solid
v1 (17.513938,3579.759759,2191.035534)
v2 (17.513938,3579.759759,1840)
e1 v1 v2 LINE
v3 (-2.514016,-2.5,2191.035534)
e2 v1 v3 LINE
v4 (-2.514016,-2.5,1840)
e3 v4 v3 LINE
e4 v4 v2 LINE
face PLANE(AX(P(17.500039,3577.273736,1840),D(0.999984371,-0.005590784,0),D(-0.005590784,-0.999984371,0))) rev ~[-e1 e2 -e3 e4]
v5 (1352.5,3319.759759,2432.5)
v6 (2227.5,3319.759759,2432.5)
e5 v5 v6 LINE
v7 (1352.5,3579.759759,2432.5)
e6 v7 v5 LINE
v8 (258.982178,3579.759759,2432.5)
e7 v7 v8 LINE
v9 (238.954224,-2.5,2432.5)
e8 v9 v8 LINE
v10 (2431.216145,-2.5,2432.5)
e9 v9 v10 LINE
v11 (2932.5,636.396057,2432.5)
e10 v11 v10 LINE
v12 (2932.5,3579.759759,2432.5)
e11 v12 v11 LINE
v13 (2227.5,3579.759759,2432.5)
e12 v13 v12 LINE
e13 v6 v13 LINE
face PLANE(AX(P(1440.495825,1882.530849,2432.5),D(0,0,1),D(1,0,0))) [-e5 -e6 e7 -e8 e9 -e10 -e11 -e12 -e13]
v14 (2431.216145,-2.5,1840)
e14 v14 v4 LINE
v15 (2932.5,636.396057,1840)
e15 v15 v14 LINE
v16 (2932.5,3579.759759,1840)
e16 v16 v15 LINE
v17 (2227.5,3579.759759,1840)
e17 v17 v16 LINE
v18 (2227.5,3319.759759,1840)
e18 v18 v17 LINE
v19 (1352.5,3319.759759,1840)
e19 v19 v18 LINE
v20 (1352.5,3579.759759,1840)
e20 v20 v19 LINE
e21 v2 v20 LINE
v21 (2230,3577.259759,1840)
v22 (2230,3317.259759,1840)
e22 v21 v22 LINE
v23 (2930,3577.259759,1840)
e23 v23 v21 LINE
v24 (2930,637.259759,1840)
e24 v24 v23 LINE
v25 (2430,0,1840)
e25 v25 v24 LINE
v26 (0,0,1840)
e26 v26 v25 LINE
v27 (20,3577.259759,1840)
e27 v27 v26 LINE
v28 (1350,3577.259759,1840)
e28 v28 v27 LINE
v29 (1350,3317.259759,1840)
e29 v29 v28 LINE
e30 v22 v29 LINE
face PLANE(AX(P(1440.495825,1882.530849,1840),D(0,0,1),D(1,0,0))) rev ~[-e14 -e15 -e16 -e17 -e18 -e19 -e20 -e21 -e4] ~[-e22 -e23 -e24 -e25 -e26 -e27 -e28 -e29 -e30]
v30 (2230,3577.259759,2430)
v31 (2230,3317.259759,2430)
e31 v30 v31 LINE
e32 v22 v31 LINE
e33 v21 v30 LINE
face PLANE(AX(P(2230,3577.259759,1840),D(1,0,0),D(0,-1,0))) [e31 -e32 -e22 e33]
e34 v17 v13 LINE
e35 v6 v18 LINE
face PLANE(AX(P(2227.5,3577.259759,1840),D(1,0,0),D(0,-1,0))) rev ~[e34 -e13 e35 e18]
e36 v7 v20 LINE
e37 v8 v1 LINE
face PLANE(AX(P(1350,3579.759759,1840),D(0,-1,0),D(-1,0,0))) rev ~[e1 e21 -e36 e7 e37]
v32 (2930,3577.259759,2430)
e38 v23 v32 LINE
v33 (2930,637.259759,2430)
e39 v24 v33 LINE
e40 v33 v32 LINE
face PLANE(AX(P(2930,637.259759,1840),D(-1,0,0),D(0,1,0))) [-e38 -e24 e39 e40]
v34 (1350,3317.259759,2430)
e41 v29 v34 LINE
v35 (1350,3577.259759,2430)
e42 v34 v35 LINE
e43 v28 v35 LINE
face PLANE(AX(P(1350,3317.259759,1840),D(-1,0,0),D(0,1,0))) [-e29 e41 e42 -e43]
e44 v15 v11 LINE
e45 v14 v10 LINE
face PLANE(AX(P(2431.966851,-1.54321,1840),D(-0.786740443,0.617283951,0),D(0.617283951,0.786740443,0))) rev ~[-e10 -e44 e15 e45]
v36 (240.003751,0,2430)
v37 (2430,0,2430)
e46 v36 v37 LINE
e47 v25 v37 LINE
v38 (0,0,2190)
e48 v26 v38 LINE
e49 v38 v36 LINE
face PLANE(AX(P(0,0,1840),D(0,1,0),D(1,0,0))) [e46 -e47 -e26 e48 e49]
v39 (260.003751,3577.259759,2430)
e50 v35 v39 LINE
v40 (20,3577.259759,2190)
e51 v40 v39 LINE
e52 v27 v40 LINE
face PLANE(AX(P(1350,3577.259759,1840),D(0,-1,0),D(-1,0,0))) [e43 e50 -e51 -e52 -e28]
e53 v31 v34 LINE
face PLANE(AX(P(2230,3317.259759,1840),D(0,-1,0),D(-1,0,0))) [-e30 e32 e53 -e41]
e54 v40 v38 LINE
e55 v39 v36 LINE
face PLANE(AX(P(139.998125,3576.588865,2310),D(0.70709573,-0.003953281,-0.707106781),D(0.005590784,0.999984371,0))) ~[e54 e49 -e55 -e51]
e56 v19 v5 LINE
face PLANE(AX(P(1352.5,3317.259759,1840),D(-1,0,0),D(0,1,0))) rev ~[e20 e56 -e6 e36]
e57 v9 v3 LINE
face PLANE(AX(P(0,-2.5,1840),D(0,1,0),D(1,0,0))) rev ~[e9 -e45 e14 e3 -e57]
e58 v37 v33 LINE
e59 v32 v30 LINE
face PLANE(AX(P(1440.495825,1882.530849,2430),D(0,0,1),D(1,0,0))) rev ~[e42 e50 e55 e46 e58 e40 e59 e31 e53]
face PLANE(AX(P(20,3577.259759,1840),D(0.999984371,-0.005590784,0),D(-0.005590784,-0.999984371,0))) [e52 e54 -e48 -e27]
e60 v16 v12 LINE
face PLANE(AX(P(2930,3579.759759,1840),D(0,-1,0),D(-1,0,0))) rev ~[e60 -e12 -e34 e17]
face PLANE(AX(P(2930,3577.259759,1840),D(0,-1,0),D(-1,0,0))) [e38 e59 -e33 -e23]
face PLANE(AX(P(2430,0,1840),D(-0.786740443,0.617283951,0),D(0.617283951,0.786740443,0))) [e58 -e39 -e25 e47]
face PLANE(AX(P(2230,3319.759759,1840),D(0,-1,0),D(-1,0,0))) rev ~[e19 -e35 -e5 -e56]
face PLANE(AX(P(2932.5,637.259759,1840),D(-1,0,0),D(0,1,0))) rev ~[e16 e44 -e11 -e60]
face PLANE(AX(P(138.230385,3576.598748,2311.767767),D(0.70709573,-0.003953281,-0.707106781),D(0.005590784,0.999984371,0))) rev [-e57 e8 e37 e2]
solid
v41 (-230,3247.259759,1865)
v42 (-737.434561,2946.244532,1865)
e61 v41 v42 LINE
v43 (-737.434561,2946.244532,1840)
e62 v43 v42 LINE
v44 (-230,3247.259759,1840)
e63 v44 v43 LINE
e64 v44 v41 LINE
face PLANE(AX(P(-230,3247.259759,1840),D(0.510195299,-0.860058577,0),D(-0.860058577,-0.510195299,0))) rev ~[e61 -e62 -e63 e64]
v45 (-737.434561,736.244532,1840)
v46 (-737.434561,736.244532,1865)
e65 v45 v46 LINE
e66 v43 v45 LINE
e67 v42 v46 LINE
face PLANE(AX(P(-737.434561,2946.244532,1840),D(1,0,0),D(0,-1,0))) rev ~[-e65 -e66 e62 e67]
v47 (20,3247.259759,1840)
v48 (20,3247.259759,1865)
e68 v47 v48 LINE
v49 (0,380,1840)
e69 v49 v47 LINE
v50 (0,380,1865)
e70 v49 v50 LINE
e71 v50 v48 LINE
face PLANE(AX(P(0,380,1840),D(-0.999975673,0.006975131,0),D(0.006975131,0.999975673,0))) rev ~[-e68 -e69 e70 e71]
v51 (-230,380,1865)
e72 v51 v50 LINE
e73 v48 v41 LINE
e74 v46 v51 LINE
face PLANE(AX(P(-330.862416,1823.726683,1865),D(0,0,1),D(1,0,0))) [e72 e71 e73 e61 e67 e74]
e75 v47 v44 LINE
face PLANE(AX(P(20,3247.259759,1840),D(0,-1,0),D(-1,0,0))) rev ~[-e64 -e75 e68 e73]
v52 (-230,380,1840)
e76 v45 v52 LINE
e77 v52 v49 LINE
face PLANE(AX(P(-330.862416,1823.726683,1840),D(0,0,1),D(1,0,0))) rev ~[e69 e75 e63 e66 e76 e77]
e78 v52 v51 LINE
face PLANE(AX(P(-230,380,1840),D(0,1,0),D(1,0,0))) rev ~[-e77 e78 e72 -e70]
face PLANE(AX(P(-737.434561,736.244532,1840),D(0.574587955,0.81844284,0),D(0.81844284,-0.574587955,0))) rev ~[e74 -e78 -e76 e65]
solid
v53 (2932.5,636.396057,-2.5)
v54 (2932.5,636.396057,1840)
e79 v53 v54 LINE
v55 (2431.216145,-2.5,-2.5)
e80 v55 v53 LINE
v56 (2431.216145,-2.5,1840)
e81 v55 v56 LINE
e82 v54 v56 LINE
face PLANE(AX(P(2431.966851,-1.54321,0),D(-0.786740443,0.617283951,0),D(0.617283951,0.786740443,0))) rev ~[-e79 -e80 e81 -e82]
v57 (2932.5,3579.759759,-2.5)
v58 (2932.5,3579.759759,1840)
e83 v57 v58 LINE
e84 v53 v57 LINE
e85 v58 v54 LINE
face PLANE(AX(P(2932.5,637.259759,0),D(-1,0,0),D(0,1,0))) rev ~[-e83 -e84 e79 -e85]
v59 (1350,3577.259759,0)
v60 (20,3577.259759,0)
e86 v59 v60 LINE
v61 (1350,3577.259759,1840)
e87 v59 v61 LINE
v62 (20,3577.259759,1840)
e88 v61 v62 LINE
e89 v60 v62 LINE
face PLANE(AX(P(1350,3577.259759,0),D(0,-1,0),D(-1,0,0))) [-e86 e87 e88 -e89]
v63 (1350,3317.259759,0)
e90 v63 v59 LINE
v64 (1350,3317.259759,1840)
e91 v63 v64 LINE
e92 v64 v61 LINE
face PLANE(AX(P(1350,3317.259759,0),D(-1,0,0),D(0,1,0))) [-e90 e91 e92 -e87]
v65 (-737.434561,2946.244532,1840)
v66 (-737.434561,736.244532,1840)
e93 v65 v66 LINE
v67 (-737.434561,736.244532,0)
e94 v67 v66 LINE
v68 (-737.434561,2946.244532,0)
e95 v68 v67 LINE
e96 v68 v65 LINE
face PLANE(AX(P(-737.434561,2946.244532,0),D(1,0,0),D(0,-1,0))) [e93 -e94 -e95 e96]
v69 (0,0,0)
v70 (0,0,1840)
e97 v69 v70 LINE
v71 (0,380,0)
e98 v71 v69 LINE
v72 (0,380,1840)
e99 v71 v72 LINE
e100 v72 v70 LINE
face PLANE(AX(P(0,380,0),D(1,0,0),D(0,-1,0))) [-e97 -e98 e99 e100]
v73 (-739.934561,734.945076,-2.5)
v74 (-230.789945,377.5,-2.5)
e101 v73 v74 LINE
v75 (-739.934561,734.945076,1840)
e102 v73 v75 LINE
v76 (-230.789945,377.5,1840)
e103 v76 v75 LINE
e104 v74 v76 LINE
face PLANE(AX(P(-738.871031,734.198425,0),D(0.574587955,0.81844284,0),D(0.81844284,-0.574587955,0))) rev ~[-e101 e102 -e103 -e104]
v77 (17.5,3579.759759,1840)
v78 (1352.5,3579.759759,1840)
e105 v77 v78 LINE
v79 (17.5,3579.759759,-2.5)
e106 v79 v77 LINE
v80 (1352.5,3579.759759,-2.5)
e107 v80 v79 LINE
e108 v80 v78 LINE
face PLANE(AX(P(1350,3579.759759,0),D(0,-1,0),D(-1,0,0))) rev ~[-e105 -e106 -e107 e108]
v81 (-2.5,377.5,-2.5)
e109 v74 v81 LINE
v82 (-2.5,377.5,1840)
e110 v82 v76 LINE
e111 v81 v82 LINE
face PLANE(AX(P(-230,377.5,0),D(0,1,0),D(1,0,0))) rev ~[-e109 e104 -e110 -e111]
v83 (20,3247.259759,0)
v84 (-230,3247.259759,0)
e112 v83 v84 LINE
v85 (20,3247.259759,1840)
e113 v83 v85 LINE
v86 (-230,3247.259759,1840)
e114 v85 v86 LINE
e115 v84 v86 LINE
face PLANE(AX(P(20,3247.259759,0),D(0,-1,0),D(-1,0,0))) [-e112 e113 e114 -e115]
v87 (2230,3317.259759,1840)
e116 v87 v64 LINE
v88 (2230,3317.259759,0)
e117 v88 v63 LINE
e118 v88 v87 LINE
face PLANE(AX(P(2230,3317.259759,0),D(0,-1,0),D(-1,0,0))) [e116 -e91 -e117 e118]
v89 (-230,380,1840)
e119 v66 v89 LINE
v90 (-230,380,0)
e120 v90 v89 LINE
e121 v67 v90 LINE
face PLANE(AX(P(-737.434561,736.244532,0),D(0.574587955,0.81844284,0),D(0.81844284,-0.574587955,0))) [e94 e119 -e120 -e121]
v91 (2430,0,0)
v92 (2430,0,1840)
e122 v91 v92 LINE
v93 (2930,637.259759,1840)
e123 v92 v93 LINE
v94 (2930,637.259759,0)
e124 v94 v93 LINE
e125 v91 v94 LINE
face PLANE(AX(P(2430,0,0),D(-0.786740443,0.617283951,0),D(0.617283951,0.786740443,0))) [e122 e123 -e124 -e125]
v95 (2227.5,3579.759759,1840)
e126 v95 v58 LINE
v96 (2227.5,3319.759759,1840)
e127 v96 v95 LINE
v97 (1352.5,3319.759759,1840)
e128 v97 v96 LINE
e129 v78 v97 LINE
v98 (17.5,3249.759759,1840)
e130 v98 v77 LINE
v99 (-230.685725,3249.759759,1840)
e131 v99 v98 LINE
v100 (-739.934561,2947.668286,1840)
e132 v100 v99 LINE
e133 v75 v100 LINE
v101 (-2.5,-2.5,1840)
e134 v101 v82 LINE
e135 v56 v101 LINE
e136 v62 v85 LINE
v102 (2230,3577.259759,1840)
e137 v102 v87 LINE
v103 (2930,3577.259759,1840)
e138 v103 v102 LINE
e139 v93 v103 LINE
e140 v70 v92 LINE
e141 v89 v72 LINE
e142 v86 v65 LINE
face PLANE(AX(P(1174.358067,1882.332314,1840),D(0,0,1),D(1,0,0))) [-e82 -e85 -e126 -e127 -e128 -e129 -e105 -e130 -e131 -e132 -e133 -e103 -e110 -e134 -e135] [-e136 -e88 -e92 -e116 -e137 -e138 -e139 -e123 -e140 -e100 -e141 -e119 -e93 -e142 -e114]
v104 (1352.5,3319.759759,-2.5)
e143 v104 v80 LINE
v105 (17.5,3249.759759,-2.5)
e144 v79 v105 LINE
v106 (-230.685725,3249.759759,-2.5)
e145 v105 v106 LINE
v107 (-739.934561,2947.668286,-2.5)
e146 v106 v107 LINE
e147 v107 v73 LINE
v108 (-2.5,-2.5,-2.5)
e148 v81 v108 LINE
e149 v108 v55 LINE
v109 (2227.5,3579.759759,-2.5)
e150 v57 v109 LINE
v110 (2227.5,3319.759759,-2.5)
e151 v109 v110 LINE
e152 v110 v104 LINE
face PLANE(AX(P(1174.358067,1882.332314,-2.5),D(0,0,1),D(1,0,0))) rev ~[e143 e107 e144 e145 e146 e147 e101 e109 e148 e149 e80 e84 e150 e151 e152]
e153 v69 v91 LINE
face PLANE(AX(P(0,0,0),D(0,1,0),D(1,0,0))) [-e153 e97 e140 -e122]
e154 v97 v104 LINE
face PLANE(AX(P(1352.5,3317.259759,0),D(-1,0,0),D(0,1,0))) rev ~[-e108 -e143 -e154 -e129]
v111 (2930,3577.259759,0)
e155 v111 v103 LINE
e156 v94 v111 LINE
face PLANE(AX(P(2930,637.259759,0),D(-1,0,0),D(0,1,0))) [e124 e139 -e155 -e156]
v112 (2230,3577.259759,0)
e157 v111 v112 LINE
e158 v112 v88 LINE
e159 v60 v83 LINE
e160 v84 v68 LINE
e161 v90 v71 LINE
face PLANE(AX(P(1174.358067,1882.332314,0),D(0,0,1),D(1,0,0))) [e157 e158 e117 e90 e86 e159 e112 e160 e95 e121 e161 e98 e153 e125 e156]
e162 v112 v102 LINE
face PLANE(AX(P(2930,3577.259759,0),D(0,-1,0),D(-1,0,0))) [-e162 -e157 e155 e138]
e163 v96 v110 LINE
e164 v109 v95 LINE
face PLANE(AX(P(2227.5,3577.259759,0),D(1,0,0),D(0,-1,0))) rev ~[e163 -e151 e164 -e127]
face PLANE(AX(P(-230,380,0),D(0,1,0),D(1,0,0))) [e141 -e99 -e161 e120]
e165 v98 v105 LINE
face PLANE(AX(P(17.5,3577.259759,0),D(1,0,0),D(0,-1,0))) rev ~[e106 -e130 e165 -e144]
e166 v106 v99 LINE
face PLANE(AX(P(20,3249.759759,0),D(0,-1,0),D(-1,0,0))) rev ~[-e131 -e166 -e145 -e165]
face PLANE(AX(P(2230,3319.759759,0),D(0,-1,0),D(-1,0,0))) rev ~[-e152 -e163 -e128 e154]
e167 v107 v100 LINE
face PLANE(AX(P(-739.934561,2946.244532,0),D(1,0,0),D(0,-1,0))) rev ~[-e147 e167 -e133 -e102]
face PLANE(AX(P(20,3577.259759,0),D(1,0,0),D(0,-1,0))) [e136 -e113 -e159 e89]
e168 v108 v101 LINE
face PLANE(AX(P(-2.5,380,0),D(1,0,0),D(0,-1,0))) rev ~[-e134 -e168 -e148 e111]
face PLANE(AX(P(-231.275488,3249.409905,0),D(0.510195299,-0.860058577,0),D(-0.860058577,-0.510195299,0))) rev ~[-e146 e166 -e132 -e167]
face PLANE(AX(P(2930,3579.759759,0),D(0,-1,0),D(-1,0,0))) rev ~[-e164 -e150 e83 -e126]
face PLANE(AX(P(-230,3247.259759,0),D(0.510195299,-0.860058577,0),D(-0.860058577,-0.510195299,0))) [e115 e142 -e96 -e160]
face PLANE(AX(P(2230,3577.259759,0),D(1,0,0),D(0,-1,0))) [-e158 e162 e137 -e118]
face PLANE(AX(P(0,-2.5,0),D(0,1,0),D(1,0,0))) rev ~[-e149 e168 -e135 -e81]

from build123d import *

# Parameters (mm, degrees)
F1_DEPTH = 1840
F3_DEPTH = 25
F5_DEPTH = 590
F6_SIZE2 = 240
F6_SIZE  = 240
F7_T     = 2.5
F8_T     = 2.5


with BuildPart() as f1:
    # F0 (on Top) → F1 (new body)
    with BuildSketch(Plane.XY):
        Polygon((0, 380), (0, 0), (2430, 0), (2930, 637.2597586542), (2930, 3577.2597586542), (2230, 3577.2597586542), (2230, 3317.2597586542), (1350, 3317.2597586542), (1350, 3577.2597586542), (20, 3577.2597586542), (20, 3247.2597586542), (-230, 3247.2597586542), (-737.4345606747, 2946.2445320744), (-737.4345606747, 736.2445320744), (-230, 380), align=None)
    extrude(amount=F1_DEPTH)

    # F7
    f7_openings = [f1.faces().sort_by_distance(p)[0] for p in [
        (1148.423993, 1782.531794, 1840),
    ]]
    offset(amount=F7_T, openings=f7_openings, kind=Kind.INTERSECTION)


with BuildPart() as f3:
    # F2 (on face) → F3 (new body)
    with BuildSketch(Plane.XY.offset(1840)):
        Polygon((0, 380), (20, 3247.2597586542), (-230, 3247.2597586542), (-737.4345606747, 2946.2445320744), (-737.4345606747, 736.2445320744), (-230, 380), align=None)
    extrude(amount=F3_DEPTH)


with BuildPart() as f5:
    # F4 (on face) → F5 (new body)
    with BuildSketch(Plane.XY.offset(1840)):
        Polygon((20, 3577.2597586542), (0, 0), (2430, 0), (2930, 637.2597586542), (2930, 3577.2597586542), (2230, 3577.2597586542), (2230, 3317.2597586542), (1350, 3317.2597586542), (1350, 3577.2597586542), align=None)
    extrude(amount=F5_DEPTH)

    # F6
    f6_edges = [f5.edges().sort_by_distance(p)[0] for p in [
        (10, 1788.629879, 2430),
    ]]
    chamfer(f6_edges, length=F6_SIZE, length2=F6_SIZE2)

    # F8
    f8_openings = [f5.faces().sort_by_distance(p)[0] for p in [
        (1442.227353, 1773.744575, 1840),
    ]]
    offset(amount=F8_T, openings=f8_openings, kind=Kind.INTERSECTION)


solid = Compound([f1.part, f3.part, f5.part])
